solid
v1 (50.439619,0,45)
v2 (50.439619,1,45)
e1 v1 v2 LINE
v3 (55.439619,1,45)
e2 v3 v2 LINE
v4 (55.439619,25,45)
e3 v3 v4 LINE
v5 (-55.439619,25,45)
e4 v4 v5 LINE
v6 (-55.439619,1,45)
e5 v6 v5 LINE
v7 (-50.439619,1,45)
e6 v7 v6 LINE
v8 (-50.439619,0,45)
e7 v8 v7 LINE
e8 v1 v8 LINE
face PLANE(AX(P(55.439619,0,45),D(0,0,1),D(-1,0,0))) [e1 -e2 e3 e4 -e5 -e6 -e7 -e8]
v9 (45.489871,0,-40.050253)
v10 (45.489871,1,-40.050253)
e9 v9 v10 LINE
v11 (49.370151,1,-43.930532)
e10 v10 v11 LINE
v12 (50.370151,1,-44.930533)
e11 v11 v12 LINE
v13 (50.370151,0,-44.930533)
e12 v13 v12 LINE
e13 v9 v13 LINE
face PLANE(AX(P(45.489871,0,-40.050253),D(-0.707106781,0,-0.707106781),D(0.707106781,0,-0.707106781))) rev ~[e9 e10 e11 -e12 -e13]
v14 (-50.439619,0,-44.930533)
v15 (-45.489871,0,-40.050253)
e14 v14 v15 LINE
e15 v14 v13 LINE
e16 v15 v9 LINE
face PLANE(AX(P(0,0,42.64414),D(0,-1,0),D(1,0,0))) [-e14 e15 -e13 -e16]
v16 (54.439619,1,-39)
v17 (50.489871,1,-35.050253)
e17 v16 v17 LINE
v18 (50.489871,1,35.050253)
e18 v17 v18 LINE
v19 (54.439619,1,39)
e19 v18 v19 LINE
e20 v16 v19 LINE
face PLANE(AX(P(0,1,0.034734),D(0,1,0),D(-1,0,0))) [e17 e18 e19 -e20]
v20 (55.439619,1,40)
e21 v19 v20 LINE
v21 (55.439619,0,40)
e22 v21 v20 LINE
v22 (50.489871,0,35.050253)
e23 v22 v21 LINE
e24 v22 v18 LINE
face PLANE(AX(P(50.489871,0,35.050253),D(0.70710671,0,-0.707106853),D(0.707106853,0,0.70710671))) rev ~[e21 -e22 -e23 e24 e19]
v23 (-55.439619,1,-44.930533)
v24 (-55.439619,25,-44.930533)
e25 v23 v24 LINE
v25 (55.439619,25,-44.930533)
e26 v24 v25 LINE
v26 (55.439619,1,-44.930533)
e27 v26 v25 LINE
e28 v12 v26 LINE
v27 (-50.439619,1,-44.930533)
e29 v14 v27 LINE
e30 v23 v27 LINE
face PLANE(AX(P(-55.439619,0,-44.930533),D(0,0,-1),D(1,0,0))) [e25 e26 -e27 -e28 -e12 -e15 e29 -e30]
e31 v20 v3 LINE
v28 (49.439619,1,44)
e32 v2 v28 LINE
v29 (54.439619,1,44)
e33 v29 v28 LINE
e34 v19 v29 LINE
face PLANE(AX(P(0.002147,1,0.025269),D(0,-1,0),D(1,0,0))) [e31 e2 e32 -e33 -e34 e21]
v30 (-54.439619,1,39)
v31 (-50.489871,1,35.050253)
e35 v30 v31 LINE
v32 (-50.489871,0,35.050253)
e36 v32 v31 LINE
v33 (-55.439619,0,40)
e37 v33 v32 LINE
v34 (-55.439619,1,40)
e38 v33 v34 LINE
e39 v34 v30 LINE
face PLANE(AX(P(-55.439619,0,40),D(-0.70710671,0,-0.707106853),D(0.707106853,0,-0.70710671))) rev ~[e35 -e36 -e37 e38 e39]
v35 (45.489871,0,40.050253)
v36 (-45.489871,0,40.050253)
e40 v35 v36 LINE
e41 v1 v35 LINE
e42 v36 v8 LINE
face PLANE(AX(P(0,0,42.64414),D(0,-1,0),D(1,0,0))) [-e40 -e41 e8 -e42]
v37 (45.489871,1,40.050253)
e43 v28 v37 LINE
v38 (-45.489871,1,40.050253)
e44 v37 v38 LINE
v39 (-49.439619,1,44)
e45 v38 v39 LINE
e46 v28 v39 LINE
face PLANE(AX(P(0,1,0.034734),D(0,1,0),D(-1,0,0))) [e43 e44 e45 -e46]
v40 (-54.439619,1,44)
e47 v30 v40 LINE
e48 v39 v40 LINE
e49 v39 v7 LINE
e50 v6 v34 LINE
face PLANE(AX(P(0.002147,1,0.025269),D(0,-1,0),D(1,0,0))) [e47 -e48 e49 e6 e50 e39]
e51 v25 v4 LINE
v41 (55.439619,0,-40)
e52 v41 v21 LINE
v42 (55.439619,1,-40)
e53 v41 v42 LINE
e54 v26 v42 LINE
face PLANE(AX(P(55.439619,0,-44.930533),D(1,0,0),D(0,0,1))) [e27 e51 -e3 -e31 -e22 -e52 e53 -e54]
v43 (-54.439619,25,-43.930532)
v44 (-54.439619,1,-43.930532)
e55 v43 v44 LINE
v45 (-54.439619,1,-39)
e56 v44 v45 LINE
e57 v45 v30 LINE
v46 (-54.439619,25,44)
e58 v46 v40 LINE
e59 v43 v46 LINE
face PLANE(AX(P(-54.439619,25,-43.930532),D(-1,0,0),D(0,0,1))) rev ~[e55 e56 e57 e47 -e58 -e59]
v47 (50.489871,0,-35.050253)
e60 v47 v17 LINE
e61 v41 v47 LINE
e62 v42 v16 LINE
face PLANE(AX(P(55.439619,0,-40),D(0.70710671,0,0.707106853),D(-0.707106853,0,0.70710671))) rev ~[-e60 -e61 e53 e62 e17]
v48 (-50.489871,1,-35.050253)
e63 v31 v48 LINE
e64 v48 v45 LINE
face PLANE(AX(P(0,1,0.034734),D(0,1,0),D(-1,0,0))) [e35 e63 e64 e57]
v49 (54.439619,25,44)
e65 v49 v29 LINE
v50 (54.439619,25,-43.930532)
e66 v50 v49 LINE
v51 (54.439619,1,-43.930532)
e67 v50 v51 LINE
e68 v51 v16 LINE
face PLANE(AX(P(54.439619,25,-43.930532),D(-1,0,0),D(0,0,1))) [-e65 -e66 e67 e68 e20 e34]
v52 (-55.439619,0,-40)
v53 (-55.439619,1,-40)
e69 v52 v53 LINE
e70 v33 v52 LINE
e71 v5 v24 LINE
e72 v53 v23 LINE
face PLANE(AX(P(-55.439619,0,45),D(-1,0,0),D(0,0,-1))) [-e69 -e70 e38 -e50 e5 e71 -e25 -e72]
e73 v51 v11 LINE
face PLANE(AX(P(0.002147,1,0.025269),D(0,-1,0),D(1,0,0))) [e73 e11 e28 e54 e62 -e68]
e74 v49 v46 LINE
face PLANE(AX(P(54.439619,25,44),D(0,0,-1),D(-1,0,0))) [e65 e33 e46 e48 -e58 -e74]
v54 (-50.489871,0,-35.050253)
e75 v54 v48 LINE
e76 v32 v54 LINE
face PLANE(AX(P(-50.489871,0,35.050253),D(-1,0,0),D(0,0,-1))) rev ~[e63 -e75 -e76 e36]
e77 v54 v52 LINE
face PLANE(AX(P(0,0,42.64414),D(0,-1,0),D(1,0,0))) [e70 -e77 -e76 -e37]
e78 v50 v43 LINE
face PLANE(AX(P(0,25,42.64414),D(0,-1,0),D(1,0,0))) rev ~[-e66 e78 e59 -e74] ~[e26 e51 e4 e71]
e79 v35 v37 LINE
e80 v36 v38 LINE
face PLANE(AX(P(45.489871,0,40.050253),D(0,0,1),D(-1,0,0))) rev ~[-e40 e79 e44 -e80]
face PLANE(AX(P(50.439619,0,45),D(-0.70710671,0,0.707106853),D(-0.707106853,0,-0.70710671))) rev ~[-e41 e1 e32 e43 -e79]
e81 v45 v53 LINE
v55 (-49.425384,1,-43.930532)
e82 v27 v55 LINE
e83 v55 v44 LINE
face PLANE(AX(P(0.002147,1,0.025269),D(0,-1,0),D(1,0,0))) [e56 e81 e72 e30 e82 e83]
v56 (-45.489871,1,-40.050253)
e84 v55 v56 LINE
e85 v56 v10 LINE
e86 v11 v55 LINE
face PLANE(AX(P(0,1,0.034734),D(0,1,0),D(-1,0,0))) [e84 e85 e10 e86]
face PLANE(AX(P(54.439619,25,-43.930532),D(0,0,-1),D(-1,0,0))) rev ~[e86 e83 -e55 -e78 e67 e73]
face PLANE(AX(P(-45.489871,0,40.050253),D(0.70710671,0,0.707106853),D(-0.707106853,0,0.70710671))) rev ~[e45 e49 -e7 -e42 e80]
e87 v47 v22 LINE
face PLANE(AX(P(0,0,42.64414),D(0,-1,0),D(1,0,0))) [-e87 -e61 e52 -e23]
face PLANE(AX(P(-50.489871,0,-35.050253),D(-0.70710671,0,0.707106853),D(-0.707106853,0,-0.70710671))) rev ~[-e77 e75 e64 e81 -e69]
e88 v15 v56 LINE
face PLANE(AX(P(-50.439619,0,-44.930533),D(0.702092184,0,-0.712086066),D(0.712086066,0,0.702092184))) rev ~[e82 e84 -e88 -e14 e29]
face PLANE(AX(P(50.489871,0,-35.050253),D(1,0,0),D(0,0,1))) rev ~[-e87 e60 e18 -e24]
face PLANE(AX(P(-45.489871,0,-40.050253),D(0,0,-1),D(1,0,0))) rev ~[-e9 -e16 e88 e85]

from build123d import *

# Parameters (mm, degrees)
F1_DEPTH = 25
F2_DEPTH = 1
F3_W     = 108.879238
F3_H     = 87.930533
F4_DEPTH = 24


with BuildPart() as f1:
    # F0 (on Front) → F1 (new body)
    with BuildSketch(Plane.XZ):
        Polygon((-45.439619, 45), (-50.439619, 45), (-45.489871, 40.050253), (45.489871, 40.050253), (50.439619, 45), (3.5, 45), (-3.5, 45), align=None)
        Polygon((-55.439619, 45), (-55.439619, 40), (-50.489871, 35.050253), (-50.489871, -35.050253), (-55.439619, -40), (-55.439619, -44.930533), (-50.439619, -44.930533), (-45.489871, -40.050253), (45.489871, -40.050253), (50.370151, -44.930533), (50.439619, -44.930533), (55.439619, -44.930533), (55.439619, -40), (50.489871, -35.050253), (50.489871, 35.050253), (55.439619, 40), (55.439619, 45), (50.439619, 45), (45.489871, 40.050253), (-45.489871, 40.050253), (-50.439619, 45), align=None)
        Polygon((55.439619, 3.5), (55.439619, 40), (50.489871, 35.050253), (50.489871, -35.050253), (55.439619, -40), (55.439619, -39.930533), (55.439619, -3.5), align=None)
        Polygon((-45.489871, -40.050253), (-50.439619, -44.930533), (-3.5, -44.930533), (3.5, -44.930533), (50.370151, -44.930533), (45.489871, -40.050253), align=None)
        Polygon((-55.439619, 40), (-55.439619, 3.5), (-55.439619, -3.5), (-55.439619, -39.930533), (-55.439619, -40), (-50.489871, -35.050253), (-50.489871, 35.050253), align=None)
    extrude(amount=-F1_DEPTH)

    # F0 (on Front) → F2 (cut)
    with BuildSketch(Plane.XZ):
        Polygon((-55.439619, 45), (-55.439619, 40), (-50.489871, 35.050253), (-50.489871, -35.050253), (-55.439619, -40), (-55.439619, -44.930533), (-50.439619, -44.930533), (-45.489871, -40.050253), (45.489871, -40.050253), (50.370151, -44.930533), (50.439619, -44.930533), (55.439619, -44.930533), (55.439619, -40), (50.489871, -35.050253), (50.489871, 35.050253), (55.439619, 40), (55.439619, 45), (50.439619, 45), (45.489871, 40.050253), (-45.489871, 40.050253), (-50.439619, 45), align=None)
    extrude(amount=-F2_DEPTH, mode=Mode.SUBTRACT)

    # F3 (on face) → F4 (cut)
    with BuildSketch(Plane(origin=(0, 25, 0), x_dir=(-1, 0, 0), z_dir=(0, 1, 0))):
        with Locations((0, 0.034734)):
            Rectangle(F3_W, F3_H)
    extrude(amount=-F4_DEPTH, mode=Mode.SUBTRACT)


solid = f1.part
